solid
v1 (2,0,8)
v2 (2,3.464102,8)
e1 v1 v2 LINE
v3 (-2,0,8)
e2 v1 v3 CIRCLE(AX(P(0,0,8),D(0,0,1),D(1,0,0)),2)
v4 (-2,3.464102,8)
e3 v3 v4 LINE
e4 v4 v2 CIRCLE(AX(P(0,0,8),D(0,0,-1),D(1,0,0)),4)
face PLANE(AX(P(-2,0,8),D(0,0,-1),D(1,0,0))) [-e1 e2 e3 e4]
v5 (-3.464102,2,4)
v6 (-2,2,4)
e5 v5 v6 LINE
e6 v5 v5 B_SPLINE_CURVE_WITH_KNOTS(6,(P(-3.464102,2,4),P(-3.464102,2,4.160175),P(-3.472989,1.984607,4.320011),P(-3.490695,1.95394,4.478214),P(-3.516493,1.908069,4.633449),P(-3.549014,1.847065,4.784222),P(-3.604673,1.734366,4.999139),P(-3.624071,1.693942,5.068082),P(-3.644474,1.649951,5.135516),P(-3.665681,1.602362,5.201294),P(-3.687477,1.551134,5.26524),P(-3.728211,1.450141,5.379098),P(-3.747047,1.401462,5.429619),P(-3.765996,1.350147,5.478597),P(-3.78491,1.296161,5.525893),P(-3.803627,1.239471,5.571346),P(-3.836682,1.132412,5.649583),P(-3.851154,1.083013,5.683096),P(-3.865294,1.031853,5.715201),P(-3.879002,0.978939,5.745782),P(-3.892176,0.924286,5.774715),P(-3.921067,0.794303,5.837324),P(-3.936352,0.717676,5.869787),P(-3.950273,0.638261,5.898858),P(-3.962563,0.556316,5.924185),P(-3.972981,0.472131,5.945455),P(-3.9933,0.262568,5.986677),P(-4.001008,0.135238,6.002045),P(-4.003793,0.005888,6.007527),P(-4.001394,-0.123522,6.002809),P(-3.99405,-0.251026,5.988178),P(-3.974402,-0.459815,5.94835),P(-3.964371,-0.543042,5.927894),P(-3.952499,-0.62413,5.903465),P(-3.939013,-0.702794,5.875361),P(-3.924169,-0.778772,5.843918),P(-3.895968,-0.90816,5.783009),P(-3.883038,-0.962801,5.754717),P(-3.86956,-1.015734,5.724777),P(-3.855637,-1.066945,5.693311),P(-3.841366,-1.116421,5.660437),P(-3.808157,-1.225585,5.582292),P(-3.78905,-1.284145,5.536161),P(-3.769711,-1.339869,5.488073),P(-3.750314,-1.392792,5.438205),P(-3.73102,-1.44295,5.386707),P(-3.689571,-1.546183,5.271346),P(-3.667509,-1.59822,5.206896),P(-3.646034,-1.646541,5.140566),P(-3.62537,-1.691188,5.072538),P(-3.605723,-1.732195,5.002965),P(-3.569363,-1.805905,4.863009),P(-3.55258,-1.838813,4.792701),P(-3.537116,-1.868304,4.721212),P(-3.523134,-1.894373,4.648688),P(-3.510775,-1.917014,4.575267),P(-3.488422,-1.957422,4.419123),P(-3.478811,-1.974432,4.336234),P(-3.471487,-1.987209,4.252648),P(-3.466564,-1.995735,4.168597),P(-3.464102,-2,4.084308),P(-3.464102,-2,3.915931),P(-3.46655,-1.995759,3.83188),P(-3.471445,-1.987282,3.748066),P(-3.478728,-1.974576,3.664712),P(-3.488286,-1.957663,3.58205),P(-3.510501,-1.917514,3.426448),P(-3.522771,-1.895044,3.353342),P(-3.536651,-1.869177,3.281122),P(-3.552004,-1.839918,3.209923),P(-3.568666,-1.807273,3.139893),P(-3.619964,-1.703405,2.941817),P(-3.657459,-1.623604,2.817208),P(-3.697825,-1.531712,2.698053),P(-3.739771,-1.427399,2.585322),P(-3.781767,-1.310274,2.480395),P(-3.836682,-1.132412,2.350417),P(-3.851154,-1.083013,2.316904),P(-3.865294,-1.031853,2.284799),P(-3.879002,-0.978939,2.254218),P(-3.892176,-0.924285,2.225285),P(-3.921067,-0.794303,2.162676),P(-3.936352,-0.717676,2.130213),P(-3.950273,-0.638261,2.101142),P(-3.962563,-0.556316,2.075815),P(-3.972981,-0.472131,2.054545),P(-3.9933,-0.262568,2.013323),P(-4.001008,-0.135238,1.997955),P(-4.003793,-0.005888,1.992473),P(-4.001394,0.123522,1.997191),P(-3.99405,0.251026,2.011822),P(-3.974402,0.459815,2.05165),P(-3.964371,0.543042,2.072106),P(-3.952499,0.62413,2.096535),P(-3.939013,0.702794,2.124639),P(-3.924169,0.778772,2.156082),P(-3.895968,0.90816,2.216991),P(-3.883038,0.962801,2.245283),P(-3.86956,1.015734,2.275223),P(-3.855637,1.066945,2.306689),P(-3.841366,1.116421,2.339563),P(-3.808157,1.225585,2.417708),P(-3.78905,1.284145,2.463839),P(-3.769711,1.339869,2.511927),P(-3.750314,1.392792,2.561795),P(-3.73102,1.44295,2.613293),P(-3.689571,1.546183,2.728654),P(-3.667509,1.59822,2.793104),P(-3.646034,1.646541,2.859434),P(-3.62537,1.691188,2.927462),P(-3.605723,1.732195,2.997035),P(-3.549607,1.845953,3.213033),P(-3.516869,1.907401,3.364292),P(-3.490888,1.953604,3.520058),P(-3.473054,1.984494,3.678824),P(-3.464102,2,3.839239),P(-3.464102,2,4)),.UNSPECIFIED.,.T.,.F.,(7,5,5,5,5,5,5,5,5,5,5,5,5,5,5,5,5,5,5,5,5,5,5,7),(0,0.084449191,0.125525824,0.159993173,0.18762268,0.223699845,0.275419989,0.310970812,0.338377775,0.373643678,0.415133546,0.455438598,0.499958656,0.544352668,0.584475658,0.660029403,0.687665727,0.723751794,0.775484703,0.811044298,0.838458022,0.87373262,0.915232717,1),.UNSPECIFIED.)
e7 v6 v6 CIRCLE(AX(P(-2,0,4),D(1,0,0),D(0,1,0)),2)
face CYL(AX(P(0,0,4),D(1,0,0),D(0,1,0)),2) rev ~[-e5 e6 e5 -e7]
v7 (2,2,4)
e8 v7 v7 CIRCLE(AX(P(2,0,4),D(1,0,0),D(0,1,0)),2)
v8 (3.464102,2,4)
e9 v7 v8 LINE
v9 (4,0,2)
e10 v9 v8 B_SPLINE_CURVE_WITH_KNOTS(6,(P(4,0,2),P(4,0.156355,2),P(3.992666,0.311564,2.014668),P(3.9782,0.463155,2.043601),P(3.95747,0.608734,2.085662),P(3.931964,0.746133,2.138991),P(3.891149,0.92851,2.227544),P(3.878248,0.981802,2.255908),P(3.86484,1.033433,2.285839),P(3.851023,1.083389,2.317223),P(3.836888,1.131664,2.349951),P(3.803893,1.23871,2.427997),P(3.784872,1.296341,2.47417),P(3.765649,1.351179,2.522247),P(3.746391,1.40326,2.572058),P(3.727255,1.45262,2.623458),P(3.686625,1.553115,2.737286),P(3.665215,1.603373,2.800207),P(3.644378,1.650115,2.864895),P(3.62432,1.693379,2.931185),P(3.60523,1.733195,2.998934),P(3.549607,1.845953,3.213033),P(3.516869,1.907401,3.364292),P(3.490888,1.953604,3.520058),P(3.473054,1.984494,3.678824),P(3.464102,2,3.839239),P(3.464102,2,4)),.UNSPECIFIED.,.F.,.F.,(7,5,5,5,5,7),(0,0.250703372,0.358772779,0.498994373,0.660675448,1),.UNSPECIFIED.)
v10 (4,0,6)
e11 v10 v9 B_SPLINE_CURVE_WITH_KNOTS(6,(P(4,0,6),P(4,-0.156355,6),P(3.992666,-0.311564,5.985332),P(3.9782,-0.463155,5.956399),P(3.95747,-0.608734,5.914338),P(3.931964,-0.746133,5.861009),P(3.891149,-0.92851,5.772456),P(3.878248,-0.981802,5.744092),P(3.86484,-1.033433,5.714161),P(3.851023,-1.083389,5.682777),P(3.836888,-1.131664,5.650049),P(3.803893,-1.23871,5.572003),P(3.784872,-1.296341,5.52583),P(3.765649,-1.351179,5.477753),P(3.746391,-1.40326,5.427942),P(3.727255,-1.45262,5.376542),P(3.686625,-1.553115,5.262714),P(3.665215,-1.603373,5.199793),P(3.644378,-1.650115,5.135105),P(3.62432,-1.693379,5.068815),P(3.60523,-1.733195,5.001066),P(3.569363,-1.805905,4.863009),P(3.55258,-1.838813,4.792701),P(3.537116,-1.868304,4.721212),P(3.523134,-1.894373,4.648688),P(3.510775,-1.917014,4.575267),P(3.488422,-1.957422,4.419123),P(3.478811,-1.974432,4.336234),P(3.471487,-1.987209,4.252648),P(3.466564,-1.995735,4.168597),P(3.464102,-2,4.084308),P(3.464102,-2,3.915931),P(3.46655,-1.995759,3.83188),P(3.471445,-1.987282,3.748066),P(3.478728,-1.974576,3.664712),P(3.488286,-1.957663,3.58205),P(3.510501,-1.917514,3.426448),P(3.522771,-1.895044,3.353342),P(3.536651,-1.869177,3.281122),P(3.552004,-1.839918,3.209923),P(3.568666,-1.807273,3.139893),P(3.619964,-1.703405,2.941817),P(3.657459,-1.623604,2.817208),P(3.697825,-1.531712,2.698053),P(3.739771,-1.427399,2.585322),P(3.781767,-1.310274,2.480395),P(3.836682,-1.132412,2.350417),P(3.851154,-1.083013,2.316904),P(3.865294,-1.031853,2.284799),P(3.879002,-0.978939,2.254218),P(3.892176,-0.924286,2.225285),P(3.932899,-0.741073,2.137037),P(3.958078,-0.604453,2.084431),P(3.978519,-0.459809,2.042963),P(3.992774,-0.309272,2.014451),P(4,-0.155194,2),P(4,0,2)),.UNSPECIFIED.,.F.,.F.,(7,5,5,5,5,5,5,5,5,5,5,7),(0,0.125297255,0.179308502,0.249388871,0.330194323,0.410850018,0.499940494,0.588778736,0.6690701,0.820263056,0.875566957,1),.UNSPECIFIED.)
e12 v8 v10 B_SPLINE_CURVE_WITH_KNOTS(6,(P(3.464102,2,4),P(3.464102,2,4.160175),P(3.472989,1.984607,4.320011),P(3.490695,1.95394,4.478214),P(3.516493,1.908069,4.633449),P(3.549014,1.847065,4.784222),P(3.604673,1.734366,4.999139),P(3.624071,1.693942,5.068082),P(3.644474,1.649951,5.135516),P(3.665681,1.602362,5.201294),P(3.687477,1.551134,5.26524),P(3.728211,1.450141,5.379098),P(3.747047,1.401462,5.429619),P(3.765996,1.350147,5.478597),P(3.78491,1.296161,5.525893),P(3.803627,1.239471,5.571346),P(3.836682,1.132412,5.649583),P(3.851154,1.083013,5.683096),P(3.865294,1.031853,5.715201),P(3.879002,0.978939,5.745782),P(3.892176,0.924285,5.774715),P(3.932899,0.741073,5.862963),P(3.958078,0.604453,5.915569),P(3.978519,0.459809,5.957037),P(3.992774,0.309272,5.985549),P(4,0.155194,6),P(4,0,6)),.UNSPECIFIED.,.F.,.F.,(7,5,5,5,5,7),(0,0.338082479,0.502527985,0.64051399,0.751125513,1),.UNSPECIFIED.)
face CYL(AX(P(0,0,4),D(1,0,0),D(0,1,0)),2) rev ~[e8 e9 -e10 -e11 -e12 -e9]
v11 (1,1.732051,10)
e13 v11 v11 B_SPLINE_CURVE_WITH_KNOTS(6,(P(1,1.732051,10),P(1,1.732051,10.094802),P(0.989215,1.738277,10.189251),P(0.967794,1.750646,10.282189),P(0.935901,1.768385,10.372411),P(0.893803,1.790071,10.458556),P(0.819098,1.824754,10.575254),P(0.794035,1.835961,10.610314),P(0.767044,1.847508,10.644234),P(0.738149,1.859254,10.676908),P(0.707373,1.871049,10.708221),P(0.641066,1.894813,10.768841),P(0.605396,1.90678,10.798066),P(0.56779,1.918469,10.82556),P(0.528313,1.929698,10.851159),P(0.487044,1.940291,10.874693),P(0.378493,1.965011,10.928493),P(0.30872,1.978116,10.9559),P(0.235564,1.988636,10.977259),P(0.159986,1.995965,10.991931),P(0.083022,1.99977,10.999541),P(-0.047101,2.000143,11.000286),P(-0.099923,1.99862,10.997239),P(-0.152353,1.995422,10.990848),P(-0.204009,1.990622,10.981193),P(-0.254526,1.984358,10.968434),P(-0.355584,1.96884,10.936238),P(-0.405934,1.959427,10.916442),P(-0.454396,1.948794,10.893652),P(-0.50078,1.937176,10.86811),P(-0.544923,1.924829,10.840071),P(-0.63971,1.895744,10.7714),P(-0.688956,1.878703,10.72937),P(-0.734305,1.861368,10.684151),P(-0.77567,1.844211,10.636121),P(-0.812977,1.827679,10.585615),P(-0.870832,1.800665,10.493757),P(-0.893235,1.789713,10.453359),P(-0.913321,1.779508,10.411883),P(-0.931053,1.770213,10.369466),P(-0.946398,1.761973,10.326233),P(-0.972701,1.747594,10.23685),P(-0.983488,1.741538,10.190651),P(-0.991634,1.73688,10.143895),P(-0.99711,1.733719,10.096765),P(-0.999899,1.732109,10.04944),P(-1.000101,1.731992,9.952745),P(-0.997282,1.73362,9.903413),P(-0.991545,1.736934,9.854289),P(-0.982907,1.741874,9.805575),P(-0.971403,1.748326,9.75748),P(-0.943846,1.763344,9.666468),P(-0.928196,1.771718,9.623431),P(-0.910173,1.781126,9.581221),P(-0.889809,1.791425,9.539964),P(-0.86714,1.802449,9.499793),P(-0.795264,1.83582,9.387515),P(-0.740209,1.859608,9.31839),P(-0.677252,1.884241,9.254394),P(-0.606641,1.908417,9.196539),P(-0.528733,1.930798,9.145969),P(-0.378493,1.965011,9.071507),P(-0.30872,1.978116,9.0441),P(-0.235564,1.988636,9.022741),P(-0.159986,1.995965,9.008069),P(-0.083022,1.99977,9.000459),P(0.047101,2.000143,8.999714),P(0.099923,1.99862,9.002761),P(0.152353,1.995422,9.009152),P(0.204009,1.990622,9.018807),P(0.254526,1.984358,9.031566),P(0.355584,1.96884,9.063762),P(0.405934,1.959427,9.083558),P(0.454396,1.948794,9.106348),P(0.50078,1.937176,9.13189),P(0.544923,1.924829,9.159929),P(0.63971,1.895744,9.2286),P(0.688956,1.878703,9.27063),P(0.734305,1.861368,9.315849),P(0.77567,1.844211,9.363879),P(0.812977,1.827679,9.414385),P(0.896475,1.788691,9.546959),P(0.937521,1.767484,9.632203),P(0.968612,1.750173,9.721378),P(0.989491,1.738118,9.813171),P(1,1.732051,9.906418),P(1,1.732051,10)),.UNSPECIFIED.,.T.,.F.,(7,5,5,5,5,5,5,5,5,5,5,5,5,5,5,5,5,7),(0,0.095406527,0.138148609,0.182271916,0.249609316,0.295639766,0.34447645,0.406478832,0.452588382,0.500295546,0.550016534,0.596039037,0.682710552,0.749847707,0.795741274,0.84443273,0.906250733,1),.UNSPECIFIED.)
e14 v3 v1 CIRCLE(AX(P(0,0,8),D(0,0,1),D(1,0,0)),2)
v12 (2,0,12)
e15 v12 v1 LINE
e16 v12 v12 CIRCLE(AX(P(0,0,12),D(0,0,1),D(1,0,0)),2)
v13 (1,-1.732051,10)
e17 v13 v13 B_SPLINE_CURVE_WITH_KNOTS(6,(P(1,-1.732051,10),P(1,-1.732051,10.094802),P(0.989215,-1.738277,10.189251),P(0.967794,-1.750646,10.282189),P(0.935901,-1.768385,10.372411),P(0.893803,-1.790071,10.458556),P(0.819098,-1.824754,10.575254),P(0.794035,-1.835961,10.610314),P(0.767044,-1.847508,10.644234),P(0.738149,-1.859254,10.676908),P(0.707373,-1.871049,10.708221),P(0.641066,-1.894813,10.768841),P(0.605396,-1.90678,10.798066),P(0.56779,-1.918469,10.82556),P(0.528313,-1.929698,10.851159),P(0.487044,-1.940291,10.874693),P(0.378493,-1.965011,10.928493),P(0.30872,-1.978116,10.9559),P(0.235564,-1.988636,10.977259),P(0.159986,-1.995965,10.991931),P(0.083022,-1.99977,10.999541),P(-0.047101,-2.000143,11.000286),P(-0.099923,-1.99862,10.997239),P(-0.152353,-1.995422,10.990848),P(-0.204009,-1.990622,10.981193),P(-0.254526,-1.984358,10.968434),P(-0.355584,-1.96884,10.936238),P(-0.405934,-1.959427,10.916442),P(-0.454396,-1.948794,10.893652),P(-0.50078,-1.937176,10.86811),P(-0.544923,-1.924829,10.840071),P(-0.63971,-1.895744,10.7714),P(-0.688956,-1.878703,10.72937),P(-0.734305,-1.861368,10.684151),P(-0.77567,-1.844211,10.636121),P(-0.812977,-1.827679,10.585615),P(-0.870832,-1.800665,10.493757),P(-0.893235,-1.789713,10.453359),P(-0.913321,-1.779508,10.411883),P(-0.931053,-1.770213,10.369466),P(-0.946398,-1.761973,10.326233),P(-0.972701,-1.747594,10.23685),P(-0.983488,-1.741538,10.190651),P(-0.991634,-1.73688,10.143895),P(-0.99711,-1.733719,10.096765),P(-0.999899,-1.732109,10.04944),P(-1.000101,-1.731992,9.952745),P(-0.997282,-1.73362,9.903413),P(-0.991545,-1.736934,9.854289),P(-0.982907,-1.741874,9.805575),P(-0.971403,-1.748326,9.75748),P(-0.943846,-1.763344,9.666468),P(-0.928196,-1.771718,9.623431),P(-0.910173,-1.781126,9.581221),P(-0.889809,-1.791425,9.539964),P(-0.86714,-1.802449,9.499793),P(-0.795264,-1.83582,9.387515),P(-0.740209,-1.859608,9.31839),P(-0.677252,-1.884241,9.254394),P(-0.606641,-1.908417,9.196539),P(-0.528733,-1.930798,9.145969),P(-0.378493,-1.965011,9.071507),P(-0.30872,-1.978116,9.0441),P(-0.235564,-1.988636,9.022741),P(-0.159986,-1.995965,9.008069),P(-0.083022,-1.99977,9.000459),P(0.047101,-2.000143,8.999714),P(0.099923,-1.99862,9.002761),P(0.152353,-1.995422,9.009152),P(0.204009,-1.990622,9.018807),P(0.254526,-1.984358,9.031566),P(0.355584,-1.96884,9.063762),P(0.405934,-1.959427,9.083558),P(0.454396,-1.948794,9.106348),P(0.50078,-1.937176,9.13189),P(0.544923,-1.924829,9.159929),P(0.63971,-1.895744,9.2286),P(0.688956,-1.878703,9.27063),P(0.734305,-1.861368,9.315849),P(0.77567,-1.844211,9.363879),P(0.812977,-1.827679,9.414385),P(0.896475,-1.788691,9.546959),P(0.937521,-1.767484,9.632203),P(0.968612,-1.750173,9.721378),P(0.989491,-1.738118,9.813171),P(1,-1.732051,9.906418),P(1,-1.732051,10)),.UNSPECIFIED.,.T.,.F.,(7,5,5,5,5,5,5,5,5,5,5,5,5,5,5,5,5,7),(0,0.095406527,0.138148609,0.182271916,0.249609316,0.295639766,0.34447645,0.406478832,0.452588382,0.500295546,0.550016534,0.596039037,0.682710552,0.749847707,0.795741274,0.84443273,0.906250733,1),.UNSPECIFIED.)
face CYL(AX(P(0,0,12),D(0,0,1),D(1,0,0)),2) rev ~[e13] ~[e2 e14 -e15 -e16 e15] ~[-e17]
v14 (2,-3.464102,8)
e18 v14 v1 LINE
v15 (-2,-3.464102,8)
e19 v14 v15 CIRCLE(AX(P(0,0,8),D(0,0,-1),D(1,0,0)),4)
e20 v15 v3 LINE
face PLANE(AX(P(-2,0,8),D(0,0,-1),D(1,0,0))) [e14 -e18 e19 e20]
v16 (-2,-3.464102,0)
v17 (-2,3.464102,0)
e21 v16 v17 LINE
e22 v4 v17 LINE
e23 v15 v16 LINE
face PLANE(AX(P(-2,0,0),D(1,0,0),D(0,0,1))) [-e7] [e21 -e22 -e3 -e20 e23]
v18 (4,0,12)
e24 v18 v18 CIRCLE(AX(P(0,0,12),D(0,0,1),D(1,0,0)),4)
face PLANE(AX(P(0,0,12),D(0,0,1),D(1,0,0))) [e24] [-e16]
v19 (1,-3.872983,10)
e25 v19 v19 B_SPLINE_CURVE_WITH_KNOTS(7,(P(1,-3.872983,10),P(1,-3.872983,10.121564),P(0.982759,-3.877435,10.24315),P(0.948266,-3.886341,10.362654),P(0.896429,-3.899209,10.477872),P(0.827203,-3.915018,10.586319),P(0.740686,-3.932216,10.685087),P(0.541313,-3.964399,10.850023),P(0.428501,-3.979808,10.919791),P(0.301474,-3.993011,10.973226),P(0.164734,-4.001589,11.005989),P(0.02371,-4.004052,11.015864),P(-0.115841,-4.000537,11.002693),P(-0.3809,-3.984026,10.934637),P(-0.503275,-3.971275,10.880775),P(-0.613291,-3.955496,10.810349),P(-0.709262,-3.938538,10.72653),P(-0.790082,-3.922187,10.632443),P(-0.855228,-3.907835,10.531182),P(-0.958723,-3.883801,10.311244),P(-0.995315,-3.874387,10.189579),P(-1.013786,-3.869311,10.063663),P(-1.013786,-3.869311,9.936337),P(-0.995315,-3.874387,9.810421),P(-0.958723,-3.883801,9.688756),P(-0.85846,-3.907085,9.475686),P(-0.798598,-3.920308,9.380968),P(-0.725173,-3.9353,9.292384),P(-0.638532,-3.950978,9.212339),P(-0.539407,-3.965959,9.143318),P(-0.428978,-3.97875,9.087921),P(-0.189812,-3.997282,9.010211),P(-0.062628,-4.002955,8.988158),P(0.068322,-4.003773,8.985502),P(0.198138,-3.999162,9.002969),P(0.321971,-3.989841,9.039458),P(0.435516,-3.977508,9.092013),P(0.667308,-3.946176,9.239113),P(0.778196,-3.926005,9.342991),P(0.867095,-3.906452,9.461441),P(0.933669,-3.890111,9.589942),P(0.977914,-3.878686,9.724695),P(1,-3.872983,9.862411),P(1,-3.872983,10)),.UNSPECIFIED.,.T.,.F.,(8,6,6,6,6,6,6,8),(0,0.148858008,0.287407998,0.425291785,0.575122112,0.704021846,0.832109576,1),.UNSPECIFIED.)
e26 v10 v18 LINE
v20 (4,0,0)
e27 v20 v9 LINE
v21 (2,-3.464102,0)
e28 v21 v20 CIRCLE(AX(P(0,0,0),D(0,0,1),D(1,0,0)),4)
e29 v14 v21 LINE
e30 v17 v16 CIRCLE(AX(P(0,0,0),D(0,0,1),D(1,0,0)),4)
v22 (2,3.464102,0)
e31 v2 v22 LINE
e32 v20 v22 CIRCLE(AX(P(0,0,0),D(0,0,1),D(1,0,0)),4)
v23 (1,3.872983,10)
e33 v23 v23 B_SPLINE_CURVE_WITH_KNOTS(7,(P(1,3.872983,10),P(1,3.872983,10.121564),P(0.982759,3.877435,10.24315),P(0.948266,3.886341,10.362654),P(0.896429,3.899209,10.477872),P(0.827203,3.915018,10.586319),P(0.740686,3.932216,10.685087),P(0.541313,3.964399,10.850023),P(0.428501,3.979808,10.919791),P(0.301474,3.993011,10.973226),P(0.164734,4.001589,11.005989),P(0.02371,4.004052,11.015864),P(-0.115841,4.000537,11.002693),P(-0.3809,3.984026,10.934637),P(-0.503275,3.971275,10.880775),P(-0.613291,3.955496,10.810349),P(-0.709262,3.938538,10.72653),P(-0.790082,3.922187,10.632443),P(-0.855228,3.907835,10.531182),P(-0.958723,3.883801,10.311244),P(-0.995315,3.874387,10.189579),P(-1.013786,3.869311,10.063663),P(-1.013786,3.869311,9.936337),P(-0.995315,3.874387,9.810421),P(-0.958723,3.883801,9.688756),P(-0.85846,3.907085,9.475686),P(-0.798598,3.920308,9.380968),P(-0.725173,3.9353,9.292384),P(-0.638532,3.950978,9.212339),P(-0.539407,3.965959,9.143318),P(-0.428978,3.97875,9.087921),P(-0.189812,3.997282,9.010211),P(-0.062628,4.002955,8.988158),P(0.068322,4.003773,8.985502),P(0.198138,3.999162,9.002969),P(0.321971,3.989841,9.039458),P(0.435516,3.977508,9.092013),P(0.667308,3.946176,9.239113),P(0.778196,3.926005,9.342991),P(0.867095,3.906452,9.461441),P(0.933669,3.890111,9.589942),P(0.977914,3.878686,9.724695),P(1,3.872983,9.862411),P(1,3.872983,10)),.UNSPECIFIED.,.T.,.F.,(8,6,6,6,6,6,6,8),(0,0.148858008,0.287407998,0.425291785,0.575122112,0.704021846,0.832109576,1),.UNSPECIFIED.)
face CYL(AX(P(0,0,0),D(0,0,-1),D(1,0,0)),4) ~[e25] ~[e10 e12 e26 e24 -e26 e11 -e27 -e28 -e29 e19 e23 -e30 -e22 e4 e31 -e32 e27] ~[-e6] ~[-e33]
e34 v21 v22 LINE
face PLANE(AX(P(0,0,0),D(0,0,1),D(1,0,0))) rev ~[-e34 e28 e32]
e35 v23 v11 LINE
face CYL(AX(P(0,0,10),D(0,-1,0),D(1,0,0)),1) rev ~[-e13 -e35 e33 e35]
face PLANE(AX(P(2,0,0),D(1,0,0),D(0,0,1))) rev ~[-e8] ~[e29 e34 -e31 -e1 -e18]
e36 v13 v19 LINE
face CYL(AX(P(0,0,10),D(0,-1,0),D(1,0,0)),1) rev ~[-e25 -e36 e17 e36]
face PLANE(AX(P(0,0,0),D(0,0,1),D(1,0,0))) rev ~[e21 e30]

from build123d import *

# Parameters (mm, degrees)
F0_R     = 4
F1_DEPTH = 12
F2_W     = 4
F2_H     = 8
F3_DEPTH = 12.5
F4_R     = 1
F5_DEPTH = 12.5
F6_R     = 2
F7_DEPTH = 12.001
F8_R     = 2
F9_DEPTH = 12.5


with BuildPart() as f1:
    # F0 (on Top) → F1 (new body)
    with BuildSketch(Plane.XY):
        Circle(F0_R)
    extrude(amount=F1_DEPTH)

    # F2 (on Front) → F3 (cut, symmetric)
    with BuildSketch(Plane.XZ):
        with Locations((0, 4)):
            Rectangle(F2_W, F2_H)
    extrude(amount=F3_DEPTH, both=True, mode=Mode.SUBTRACT)

    # F4 (on Front) → F5 (cut, symmetric)
    with BuildSketch(Plane.XZ):
        with Locations((0, 10)):
            Circle(F4_R)
    extrude(amount=F5_DEPTH, both=True, mode=Mode.SUBTRACT)

    # F6 (on face) → F7 (cut, through all)
    with BuildSketch(Plane.XY.offset(12)):
        Circle(F6_R)
    extrude(amount=-F7_DEPTH, mode=Mode.SUBTRACT)

    # F8 (on Right) → F9 (cut, symmetric)
    with BuildSketch(Plane.YZ):
        with Locations((0, 4)):
            Circle(F8_R)
    extrude(amount=F9_DEPTH, both=True, mode=Mode.SUBTRACT)


solid = f1.part
